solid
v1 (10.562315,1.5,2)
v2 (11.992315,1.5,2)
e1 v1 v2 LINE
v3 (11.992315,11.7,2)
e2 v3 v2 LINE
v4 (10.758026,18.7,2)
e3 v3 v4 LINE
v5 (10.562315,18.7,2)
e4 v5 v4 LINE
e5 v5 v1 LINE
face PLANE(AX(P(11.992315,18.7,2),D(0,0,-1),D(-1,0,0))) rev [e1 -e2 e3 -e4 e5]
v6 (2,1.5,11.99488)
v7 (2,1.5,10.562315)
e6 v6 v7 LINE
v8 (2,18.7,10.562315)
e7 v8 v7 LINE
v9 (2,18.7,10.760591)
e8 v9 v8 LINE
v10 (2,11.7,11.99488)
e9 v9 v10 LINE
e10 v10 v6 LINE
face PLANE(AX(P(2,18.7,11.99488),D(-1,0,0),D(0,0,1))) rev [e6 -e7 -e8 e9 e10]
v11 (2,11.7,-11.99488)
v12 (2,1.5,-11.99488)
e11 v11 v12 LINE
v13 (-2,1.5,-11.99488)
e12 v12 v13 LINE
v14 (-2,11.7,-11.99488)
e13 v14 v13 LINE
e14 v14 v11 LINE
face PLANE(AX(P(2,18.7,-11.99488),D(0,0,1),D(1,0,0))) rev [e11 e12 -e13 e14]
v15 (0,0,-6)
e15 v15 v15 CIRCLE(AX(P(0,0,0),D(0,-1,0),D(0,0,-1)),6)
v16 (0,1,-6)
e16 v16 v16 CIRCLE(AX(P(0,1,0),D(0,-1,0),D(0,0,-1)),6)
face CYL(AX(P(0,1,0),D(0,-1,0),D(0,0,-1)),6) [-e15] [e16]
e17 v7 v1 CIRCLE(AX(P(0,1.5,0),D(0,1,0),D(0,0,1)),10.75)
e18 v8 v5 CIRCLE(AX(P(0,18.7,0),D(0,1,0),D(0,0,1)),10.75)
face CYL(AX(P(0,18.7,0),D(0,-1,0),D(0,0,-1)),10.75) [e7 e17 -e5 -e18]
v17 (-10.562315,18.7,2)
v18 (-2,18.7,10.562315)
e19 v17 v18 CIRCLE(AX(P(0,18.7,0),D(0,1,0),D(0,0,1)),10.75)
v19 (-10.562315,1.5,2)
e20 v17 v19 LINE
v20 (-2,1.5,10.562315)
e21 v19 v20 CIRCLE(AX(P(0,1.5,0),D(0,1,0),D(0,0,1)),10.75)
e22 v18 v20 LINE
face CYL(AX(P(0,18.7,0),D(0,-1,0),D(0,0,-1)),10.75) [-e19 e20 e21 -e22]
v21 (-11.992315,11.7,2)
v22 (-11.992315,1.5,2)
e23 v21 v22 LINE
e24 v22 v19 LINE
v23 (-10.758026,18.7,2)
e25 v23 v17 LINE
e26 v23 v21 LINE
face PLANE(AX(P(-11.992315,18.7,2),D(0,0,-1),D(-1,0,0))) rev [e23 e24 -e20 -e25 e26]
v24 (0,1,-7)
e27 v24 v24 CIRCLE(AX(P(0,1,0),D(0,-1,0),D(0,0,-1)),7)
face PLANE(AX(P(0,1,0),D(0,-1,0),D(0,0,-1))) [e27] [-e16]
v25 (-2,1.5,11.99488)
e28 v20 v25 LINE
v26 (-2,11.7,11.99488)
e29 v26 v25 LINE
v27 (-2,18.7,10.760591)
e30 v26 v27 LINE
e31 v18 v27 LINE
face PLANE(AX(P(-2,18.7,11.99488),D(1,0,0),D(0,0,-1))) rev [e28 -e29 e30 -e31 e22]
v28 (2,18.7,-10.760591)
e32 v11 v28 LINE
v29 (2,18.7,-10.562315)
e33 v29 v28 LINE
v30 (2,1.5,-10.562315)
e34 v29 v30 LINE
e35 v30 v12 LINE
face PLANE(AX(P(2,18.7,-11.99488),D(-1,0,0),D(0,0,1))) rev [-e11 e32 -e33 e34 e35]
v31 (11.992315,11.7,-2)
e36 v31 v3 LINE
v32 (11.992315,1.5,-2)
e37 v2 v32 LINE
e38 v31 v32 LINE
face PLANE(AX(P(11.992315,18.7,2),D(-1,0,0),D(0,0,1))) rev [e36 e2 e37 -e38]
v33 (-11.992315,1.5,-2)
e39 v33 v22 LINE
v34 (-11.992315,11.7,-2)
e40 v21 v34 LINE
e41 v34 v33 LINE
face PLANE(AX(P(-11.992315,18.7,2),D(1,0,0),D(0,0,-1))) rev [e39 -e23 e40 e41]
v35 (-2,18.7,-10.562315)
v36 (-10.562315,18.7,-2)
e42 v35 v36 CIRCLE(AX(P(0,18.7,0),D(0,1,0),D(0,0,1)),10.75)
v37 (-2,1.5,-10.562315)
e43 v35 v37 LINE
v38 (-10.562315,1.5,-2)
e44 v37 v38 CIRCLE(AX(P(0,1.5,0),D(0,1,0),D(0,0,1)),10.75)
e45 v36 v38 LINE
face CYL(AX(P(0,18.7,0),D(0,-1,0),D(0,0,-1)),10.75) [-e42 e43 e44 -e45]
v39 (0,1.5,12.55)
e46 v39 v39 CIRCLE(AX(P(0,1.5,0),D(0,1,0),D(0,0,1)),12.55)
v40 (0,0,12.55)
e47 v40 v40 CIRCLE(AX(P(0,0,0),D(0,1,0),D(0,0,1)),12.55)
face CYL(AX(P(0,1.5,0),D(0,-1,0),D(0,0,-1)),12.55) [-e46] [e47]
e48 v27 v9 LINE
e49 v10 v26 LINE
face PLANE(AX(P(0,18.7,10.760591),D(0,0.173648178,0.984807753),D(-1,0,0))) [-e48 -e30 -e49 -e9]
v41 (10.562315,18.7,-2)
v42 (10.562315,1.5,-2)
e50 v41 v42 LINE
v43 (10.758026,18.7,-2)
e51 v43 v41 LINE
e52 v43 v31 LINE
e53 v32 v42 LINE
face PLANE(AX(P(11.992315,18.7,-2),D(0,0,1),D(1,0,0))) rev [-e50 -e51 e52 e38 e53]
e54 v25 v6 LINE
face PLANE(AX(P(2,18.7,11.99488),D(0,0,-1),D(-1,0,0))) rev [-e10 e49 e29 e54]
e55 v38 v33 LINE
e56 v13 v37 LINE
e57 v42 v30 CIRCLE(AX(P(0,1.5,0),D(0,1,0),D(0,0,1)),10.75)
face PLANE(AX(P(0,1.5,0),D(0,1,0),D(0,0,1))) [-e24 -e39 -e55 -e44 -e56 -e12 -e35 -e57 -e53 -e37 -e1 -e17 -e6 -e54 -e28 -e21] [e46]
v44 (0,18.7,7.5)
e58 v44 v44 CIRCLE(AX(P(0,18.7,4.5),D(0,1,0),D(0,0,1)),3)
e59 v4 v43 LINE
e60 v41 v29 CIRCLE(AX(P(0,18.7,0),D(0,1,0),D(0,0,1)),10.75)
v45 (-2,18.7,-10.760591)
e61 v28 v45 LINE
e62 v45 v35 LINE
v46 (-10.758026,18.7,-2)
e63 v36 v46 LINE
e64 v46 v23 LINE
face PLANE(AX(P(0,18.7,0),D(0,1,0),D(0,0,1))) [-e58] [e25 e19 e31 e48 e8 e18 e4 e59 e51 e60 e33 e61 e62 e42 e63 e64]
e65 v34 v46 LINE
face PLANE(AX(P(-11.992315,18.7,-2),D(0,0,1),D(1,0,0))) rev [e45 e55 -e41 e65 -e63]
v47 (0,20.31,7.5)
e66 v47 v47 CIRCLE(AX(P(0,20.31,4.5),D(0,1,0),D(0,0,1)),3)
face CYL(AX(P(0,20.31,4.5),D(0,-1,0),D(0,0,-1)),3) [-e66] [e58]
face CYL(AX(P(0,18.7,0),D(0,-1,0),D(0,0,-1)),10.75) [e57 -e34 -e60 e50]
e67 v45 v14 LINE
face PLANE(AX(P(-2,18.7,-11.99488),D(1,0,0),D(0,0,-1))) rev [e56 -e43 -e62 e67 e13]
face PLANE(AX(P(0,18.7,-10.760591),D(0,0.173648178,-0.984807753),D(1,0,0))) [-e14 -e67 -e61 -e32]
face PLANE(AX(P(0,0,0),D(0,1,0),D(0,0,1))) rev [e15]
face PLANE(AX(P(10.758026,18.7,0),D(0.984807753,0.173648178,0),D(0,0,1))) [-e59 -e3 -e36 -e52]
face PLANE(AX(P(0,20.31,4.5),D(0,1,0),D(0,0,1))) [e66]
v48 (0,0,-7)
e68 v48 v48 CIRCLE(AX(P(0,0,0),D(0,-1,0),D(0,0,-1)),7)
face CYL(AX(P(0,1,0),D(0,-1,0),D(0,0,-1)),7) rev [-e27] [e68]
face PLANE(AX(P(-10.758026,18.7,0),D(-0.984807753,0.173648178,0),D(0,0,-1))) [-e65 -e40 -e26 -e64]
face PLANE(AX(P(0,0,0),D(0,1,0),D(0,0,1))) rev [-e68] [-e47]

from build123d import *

# Parameters (mm, degrees)
SKETCH1_R             = 12.55
BOSS_EXTRUDE1_DEPTH   = 1.5
SKETCH2_R             = 10.75
BOSS_EXTRUDE2_DEPTH   = 17.2
BOSS_EXTRUDE3_DEPTH   = 17.2
SKETCH4_R             = 3
BOSS_EXTRUDE4_DEPTH   = 1.61
SKETCH5_R             = 7
SKETCH5_R_2           = 6
CUT_EXTRUDE1_DEPTH    = 1
CHAMFER1_SIZE         = 7
CHAMFER1_SIZE2        = 1.234288865
CHAMFER1_PART_2_SIZE  = 7
CHAMFER1_PART_2_SIZE2 = 1.234288865
CHAMFER1_PART_3_SIZE  = 7
CHAMFER1_PART_3_SIZE2 = 1.234288865
CHAMFER1_PART_4_SIZE  = 7
CHAMFER1_PART_4_SIZE2 = 1.234288865


with BuildPart() as part:
    # Sketch1 → Boss-Extrude1 (new body)
    with BuildSketch(Plane(origin=(0, 0, 0), x_dir=(1, 0, 0), z_dir=(0, 1, 0))):
        Circle(SKETCH1_R)
    extrude(amount=BOSS_EXTRUDE1_DEPTH)

    # Sketch2 → Boss-Extrude2 (add)
    with BuildSketch(Plane(origin=(0, 1.5, 0), x_dir=(1, 0, 0), z_dir=(0, 1, 0))):
        Circle(SKETCH2_R)
    extrude(amount=BOSS_EXTRUDE2_DEPTH)

    # Sketch3 → Boss-Extrude3 (add)
    with BuildSketch(Plane(origin=(0, 1.5, 0), x_dir=(1, 0, 0), z_dir=(0, 1, 0))):
        with BuildLine():
            Line((2, 11.994879818), (-2, 11.994879818))
            Line((-2, 11.994879818), (-2, 10.562315087))
            ThreePointArc((-2, 10.562315087), (0, 10.75), (2, 10.562315087))
            Line((2, 10.562315087), (2, 11.994879818))
        make_face()
        with BuildLine():
            Line((-11.992315087, -2), (-11.992315087, 2))
            Line((-11.992315087, 2), (-10.562315087, 2))
            ThreePointArc((-10.562315087, 2), (-10.75, 0), (-10.562315087, -2))
            Line((-10.562315087, -2), (-11.992315087, -2))
        make_face()
        with BuildLine():
            Line((-2, -11.994879818), (-2, -10.562315087))
            ThreePointArc((-2, -10.562315087), (0, -10.75), (2, -10.562315087))
            Line((2, -10.562315087), (2, -11.994879818))
            Line((2, -11.994879818), (-2, -11.994879818))
        make_face()
        with BuildLine():
            Line((11.992315087, -2), (10.562315087, -2))
            ThreePointArc((10.562315087, -2), (10.75, 0), (10.562315087, 2))
            Line((10.562315087, 2), (11.992315087, 2))
            Line((11.992315087, 2), (11.992315087, -2))
        make_face()
    extrude(amount=BOSS_EXTRUDE3_DEPTH)

    # Sketch4 → Boss-Extrude4 (add)
    with BuildSketch(Plane(origin=(0, 18.7, 0), x_dir=(1, 0, 0), z_dir=(0, 1, 0))):
        with Locations((0, -4.5)):
            Circle(SKETCH4_R)
    extrude(amount=BOSS_EXTRUDE4_DEPTH)

    # Sketch5 → Cut-Extrude1 (cut)
    with BuildSketch(Plane.XZ):
        Circle(SKETCH5_R)
        Circle(SKETCH5_R_2, mode=Mode.SUBTRACT)
    extrude(amount=-CUT_EXTRUDE1_DEPTH, mode=Mode.SUBTRACT)

    # Chamfer1
    chamfer1_edges = [part.edges().sort_by_distance(p)[0] for p in [
        (0, 18.7, -11.994879818),
    ]]
    chamfer1_side = [part.faces().sort_by_distance(p)[0] for p in [
        (0, 10.1, -11.994879818),
    ]]
    chamfer(chamfer1_edges, length=CHAMFER1_SIZE, length2=CHAMFER1_SIZE2, reference=chamfer1_side[0])

    # Chamfer1 part 2
    chamfer1_part_2_edges = [part.edges().sort_by_distance(p)[0] for p in [
        (11.992315087, 18.7, 0),
    ]]
    chamfer1_part_2_side = [part.faces().sort_by_distance(p)[0] for p in [
        (11.992315087, 10.1, 0),
    ]]
    chamfer(chamfer1_part_2_edges, length=CHAMFER1_PART_2_SIZE, length2=CHAMFER1_PART_2_SIZE2, reference=chamfer1_part_2_side[0])

    # Chamfer1 part 3
    chamfer1_part_3_edges = [part.edges().sort_by_distance(p)[0] for p in [
        (-11.992315087, 18.7, 0),
    ]]
    chamfer1_part_3_side = [part.faces().sort_by_distance(p)[0] for p in [
        (-11.992315087, 10.1, 0),
    ]]
    chamfer(chamfer1_part_3_edges, length=CHAMFER1_PART_3_SIZE, length2=CHAMFER1_PART_3_SIZE2, reference=chamfer1_part_3_side[0])

    # Chamfer1 part 4
    chamfer1_part_4_edges = [part.edges().sort_by_distance(p)[0] for p in [
        (0, 18.7, 11.994879818),
    ]]
    chamfer1_part_4_side = [part.faces().sort_by_distance(p)[0] for p in [
        (0, 10.1, 11.994879818),
    ]]
    chamfer(chamfer1_part_4_edges, length=CHAMFER1_PART_4_SIZE, length2=CHAMFER1_PART_4_SIZE2, reference=chamfer1_part_4_side[0])


solid = part.part
